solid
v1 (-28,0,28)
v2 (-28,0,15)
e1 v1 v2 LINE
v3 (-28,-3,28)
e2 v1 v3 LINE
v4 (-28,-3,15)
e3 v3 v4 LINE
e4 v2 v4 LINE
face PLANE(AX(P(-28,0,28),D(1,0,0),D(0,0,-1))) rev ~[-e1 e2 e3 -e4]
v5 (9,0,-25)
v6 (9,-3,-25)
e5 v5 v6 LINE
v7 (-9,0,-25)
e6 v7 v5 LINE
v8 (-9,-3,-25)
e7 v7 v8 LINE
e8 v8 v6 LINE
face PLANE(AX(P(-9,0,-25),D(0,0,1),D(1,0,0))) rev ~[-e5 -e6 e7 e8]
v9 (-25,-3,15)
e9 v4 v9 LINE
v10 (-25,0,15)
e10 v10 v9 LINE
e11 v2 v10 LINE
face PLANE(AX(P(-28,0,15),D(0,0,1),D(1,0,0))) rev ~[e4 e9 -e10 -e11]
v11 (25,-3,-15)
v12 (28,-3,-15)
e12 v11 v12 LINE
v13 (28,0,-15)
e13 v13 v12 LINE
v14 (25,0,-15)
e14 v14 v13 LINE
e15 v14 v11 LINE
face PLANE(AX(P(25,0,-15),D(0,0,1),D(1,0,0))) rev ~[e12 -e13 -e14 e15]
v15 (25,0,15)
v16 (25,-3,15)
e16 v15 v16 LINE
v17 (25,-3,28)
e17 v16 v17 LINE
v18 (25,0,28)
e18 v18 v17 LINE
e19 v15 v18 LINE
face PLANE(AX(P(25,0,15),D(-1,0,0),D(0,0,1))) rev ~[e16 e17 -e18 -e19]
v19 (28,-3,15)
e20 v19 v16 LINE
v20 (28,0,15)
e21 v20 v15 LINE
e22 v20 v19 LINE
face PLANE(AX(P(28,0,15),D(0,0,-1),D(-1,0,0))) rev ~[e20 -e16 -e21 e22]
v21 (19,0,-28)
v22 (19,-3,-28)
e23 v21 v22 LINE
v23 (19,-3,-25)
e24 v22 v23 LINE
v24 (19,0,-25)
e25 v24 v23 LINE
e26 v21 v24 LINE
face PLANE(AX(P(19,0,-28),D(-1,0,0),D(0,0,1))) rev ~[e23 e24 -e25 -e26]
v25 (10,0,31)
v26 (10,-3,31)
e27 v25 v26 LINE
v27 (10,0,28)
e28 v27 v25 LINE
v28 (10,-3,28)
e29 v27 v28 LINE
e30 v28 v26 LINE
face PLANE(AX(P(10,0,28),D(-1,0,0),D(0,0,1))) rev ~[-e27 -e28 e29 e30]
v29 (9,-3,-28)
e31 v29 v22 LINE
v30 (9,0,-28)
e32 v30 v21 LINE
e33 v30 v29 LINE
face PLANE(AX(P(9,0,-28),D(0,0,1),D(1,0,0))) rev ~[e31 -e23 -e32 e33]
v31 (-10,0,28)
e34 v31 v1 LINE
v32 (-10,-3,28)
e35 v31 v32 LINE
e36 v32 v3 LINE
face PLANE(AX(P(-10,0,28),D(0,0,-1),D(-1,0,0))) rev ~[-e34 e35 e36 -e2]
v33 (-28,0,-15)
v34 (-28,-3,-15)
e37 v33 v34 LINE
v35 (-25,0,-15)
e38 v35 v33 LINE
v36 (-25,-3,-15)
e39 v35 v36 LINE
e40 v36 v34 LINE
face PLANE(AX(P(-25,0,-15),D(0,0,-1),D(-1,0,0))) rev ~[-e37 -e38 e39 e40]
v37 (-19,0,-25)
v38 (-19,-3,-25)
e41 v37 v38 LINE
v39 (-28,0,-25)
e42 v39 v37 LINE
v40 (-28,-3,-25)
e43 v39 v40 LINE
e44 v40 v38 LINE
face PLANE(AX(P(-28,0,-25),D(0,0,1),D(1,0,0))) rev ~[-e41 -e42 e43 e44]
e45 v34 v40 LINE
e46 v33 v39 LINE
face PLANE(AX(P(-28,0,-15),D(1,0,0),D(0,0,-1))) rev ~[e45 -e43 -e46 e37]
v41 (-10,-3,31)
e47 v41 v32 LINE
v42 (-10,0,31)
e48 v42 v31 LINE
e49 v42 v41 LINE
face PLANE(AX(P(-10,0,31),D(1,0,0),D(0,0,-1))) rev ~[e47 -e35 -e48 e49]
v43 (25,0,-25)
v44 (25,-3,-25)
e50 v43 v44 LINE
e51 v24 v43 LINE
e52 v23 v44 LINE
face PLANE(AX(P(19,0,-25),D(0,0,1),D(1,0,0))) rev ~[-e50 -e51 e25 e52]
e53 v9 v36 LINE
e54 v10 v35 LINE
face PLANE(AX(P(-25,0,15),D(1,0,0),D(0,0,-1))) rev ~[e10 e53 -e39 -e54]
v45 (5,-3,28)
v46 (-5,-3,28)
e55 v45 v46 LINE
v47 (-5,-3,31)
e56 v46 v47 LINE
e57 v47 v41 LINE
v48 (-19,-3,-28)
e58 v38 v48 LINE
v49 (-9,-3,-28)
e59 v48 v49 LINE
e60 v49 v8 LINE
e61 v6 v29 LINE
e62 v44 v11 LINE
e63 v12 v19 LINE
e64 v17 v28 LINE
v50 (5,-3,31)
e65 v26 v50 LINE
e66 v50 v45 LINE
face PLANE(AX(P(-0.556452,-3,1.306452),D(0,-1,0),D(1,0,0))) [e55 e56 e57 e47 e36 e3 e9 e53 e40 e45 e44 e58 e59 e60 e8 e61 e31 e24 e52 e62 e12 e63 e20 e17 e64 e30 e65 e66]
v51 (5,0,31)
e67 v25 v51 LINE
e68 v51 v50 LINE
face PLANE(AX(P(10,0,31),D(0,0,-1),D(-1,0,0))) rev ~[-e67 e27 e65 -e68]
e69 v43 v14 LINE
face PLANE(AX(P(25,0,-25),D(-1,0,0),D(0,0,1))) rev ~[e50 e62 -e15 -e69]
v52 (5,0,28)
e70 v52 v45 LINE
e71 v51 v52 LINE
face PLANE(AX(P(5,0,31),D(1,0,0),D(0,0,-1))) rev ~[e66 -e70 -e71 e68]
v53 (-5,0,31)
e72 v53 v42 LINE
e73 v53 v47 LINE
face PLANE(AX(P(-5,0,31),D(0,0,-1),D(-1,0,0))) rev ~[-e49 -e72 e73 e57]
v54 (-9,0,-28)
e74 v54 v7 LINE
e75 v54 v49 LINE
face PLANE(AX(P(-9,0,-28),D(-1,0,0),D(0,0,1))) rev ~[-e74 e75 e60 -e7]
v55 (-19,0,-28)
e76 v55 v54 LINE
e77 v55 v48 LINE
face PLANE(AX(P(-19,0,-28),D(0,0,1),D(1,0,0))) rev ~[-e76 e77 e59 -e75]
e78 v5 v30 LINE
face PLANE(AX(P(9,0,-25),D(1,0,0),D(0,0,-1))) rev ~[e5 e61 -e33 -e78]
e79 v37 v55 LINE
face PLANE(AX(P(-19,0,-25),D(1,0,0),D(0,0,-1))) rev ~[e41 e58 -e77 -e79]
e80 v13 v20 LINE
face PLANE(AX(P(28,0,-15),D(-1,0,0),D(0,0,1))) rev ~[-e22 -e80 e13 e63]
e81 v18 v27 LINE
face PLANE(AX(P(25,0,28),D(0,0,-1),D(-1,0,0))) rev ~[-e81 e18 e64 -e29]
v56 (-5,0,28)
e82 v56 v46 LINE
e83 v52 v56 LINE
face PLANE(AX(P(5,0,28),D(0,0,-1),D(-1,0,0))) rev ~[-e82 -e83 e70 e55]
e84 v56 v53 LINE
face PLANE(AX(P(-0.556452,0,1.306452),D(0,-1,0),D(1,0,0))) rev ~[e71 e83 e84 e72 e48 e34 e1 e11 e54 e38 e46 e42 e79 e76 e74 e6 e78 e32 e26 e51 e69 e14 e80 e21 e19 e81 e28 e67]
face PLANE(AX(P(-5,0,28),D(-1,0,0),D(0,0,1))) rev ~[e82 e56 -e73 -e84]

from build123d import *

# Parameters (mm, degrees)
F1_DEPTH = 3


with BuildPart() as f1:
    # F0 (on Front) → F1 (new body)
    with BuildSketch(Plane.XZ):
        Polygon((-10, 28), (-28, 28), (-28, 15), (-25, 15), (-25, -15), (-28, -15), (-28, -25), (-19, -25), (-19, -28), (-9, -28), (-9, -25), (9, -25), (9, -28), (19, -28), (19, -25), (25, -25), (25, -15), (28, -15), (28, 15), (25, 15), (25, 28), (10, 28), (10, 31), (5, 31), (5, 28), (-5, 28), (-5, 31), (-10, 31), align=None)
    extrude(amount=F1_DEPTH)


solid = f1.part
